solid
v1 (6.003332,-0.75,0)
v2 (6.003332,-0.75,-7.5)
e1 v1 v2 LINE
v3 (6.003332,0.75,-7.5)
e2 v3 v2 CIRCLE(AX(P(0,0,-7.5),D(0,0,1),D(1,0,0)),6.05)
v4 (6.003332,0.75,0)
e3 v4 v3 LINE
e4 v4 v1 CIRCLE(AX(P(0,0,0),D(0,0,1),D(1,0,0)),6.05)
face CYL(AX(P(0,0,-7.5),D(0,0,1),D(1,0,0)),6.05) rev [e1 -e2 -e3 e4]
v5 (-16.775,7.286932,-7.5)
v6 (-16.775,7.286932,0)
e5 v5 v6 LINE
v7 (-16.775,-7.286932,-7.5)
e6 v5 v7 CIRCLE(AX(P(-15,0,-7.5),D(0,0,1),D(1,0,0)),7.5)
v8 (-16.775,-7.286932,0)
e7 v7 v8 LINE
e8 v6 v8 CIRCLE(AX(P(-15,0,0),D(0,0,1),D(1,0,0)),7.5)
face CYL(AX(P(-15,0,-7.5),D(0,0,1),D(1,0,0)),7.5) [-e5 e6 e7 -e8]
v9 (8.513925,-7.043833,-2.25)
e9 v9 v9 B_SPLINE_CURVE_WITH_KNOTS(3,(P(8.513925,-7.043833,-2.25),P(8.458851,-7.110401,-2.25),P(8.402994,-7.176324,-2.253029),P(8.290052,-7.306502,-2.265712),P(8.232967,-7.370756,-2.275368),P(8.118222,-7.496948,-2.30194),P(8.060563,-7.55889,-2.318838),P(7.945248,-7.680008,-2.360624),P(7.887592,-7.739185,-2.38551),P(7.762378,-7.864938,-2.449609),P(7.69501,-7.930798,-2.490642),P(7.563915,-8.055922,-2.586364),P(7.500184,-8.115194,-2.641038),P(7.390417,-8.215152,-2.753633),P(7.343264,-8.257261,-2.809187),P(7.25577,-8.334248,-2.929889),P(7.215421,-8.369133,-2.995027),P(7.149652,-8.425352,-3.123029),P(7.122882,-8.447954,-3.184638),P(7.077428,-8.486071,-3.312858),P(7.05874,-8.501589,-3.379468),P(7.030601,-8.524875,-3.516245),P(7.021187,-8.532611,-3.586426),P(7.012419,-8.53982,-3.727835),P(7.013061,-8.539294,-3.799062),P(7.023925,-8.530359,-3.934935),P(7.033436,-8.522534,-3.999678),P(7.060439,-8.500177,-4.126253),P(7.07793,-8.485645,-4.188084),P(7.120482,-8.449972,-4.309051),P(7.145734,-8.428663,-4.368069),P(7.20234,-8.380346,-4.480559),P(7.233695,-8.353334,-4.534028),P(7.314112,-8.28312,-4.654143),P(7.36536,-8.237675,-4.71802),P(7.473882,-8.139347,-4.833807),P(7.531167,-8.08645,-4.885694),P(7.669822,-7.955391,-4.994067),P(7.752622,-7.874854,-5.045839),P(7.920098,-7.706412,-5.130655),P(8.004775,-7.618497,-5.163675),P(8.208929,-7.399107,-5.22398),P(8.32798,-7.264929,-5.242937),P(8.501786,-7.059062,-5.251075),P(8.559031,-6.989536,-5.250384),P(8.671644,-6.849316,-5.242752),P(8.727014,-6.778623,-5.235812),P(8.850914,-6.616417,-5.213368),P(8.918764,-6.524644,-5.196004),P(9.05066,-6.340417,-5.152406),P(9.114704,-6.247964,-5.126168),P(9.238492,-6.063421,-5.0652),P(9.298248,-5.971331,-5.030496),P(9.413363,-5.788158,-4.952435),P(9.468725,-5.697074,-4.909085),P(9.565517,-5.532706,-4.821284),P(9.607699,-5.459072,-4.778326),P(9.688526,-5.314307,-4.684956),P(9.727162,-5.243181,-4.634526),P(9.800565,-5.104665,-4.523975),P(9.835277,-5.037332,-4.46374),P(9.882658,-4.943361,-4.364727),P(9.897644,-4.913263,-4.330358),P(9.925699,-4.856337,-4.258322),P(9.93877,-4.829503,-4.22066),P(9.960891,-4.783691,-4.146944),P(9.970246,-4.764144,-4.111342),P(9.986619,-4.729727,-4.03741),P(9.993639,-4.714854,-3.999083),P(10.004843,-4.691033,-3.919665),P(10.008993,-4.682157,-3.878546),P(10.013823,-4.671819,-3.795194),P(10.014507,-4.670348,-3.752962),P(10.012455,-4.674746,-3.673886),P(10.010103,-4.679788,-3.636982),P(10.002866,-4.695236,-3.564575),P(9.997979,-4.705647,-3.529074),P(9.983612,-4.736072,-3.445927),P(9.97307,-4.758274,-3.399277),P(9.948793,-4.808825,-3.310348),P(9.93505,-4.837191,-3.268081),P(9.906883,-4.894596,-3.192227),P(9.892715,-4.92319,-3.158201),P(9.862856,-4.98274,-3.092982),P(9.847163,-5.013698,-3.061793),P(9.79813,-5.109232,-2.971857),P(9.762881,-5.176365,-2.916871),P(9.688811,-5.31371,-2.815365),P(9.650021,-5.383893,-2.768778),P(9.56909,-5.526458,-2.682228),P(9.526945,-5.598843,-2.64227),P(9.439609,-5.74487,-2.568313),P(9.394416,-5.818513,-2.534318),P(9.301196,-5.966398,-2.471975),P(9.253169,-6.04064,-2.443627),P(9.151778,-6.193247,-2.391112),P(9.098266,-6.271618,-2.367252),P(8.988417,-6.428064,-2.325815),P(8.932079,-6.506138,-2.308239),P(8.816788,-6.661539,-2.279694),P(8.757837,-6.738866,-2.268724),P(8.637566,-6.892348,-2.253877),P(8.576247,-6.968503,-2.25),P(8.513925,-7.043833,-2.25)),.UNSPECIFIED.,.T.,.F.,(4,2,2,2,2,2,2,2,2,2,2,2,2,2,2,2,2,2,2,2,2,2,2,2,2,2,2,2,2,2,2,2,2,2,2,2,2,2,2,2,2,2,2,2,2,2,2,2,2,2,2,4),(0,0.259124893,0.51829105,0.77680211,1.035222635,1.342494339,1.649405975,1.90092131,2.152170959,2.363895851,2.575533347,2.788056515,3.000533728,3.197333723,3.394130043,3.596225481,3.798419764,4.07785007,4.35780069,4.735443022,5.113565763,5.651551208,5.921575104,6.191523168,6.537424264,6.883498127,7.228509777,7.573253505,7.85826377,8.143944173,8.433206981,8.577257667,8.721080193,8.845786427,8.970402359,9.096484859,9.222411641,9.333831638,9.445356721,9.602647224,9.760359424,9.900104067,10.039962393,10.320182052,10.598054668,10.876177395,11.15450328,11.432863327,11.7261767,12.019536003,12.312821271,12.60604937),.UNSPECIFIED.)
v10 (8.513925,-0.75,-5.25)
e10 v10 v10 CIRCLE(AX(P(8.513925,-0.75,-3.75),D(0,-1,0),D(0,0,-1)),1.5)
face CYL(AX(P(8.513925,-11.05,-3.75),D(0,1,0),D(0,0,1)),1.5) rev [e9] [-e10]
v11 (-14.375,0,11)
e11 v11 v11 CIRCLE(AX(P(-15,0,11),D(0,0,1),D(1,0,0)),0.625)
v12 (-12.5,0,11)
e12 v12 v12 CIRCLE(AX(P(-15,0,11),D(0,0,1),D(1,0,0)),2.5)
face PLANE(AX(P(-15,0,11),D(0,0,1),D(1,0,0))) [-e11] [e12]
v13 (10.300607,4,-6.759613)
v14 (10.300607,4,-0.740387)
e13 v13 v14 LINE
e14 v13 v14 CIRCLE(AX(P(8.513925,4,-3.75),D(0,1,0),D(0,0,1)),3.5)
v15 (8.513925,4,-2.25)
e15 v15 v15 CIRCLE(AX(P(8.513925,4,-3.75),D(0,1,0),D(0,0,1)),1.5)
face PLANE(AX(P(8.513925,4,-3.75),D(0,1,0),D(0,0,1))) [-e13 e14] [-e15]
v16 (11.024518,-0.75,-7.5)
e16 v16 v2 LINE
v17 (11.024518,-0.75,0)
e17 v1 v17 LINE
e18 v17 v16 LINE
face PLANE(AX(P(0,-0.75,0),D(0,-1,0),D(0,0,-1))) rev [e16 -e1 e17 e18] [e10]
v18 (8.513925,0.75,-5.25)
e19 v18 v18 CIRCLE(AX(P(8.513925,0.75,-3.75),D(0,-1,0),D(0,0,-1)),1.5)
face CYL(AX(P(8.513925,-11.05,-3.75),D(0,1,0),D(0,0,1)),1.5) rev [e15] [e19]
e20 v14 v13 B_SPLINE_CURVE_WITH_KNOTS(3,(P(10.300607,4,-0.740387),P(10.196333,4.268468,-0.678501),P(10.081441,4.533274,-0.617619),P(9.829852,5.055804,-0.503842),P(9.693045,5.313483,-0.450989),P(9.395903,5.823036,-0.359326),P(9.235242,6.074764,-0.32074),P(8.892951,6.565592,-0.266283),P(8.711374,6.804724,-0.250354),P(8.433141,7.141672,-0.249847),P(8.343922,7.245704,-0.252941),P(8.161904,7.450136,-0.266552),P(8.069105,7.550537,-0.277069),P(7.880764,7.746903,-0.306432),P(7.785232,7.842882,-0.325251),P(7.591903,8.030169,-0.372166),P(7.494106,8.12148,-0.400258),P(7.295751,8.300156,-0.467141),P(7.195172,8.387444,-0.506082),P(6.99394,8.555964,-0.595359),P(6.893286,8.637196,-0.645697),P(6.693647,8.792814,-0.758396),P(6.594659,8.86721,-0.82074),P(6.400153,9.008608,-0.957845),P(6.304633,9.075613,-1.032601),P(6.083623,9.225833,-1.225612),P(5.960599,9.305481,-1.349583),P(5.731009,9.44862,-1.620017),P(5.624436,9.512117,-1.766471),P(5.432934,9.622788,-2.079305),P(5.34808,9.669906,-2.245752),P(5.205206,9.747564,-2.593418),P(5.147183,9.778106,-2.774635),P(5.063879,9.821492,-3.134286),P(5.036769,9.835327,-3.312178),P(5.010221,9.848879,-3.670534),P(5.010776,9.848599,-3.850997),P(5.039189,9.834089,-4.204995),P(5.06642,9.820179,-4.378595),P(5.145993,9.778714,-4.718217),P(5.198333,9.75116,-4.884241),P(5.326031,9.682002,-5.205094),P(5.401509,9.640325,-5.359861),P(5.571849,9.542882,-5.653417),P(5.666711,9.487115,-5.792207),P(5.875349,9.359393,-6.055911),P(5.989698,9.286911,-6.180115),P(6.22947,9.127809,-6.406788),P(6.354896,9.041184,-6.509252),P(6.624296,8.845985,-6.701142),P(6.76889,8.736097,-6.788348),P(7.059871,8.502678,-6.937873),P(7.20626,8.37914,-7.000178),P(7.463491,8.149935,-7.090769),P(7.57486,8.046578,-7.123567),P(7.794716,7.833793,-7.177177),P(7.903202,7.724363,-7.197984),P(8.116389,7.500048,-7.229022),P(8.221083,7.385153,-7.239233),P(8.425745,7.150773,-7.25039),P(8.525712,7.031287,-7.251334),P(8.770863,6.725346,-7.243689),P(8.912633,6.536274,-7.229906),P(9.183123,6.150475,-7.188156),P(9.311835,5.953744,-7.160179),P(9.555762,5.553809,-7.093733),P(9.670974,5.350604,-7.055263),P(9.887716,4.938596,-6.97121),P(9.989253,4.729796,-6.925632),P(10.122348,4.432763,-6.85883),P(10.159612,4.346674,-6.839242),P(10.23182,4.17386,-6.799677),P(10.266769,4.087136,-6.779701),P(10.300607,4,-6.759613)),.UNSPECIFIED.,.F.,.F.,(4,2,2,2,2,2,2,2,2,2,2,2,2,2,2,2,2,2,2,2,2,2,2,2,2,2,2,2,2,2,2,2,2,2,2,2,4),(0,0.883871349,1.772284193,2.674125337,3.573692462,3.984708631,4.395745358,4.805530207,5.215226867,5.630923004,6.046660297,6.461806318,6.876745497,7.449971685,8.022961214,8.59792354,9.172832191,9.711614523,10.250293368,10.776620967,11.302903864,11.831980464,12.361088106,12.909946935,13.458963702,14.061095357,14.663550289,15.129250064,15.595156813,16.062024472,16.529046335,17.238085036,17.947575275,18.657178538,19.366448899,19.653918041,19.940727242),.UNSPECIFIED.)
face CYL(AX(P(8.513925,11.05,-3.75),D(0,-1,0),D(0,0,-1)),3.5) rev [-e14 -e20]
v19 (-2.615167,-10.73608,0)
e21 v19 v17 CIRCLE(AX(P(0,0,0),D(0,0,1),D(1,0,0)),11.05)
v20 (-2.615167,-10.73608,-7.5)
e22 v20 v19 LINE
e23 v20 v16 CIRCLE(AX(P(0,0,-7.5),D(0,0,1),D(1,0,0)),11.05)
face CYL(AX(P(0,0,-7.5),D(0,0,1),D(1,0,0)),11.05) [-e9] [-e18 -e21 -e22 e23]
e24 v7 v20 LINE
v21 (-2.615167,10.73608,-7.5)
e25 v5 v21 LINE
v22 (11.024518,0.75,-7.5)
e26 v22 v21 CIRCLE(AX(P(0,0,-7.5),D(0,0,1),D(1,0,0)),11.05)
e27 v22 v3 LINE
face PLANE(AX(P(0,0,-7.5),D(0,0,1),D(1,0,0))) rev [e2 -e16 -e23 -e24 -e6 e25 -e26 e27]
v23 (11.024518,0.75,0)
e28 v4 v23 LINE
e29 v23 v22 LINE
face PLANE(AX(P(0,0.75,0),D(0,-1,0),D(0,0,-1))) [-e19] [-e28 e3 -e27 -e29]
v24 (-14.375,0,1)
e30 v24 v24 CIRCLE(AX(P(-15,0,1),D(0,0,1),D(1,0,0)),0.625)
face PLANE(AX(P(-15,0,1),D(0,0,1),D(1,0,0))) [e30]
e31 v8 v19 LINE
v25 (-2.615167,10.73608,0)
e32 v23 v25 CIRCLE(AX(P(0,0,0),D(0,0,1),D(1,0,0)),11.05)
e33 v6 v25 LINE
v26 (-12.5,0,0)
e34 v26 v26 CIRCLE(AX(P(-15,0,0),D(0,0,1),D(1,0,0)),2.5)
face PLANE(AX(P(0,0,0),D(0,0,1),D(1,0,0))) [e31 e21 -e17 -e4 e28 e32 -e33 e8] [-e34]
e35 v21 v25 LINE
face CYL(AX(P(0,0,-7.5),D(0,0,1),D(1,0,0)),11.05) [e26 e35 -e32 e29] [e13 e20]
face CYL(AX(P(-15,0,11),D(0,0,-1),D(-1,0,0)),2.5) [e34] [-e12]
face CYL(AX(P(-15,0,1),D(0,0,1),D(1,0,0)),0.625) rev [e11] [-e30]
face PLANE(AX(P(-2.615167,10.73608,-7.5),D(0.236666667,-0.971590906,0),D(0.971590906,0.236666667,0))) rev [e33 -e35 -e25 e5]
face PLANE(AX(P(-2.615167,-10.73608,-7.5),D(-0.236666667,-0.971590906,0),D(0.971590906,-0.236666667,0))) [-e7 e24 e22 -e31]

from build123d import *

# Parameters (mm, degrees)
SKETCH1_R               = 6.05
BOSS_EXTRUDE1_DEPTH     = 7.5
SKETCH2_R               = 2.5
BOSS_EXTRUDE2_DEPTH     = 11
CUT_EXTRUDE1_DEPTH      = 0.75
CUT_EXTRUDE1_DEPTH_BACK = 0.75
SKETCH3_W               = 22.1
SKETCH3_H               = 7.5
SKETCH4_R               = 0.625
CUT_EXTRUDE2_DEPTH      = 10
SKETCH5_R               = 3.5
CUT_EXTRUDE3_DEPTH      = 30.219043448
SKETCH6_R               = 1.5
CUT_EXTRUDE4_DEPTH      = 30.219043448


with BuildPart() as part:
    # Sketch1 → Boss-Extrude1 (new body)
    with BuildSketch(Plane.XY):
        with BuildLine():
            Line((-2.615166667, 10.736079513), (-16.775, 7.286931796))
            ThreePointArc((-16.775, 7.286931796), (-22.5, 0), (-16.775, -7.286931796))
            Line((-16.775, -7.286931796), (-2.615166667, -10.736079513))
            ThreePointArc((-2.615166667, -10.736079513), (11.05, 0), (-2.615166667, 10.736079513))
        make_face()
        Circle(SKETCH1_R, mode=Mode.SUBTRACT)
    extrude(amount=-BOSS_EXTRUDE1_DEPTH)

    # Sketch2 → Boss-Extrude2 (add)
    with BuildSketch(Plane.XY):
        with Locations((-15, 0)):
            Circle(SKETCH2_R)
    extrude(amount=BOSS_EXTRUDE2_DEPTH)

    # Sketch3 → Cut-Extrude1 (cut, two sides: drawn at the far end of the back side and taken through both)
    with BuildSketch(Plane(origin=(0, 0, 0), x_dir=(1, 0, 0), z_dir=(0, 1, 0)).offset(-CUT_EXTRUDE1_DEPTH_BACK)):
        with Locations((11.05, 3.75)):
            Rectangle(SKETCH3_W, SKETCH3_H)
    extrude(amount=CUT_EXTRUDE1_DEPTH + CUT_EXTRUDE1_DEPTH_BACK, mode=Mode.SUBTRACT)

    # Sketch4 → Cut-Extrude2 (cut)
    with BuildSketch(Plane.XY.offset(11)):
        with Locations((-15, 0)):
            Circle(SKETCH4_R)
    extrude(amount=-CUT_EXTRUDE2_DEPTH, mode=Mode.SUBTRACT)

    # Sketch5 → Cut-Extrude3 (cut, through all)
    with BuildSketch(Plane(origin=(0, 4, 0), x_dir=(1, 0, 0), z_dir=(0, 1, 0))):
        with Locations((8.513925269, 3.75)):
            Circle(SKETCH5_R)
    extrude(amount=CUT_EXTRUDE3_DEPTH, mode=Mode.SUBTRACT)

    # Sketch6 → Cut-Extrude4 (cut, through all)
    with BuildSketch(Plane(origin=(0, 4, 0), x_dir=(1, 0, 0), z_dir=(0, 1, 0))):
        with Locations((8.513925269, 3.75)):
            Circle(SKETCH6_R)
    extrude(amount=-CUT_EXTRUDE4_DEPTH, mode=Mode.SUBTRACT)


solid = part.part
